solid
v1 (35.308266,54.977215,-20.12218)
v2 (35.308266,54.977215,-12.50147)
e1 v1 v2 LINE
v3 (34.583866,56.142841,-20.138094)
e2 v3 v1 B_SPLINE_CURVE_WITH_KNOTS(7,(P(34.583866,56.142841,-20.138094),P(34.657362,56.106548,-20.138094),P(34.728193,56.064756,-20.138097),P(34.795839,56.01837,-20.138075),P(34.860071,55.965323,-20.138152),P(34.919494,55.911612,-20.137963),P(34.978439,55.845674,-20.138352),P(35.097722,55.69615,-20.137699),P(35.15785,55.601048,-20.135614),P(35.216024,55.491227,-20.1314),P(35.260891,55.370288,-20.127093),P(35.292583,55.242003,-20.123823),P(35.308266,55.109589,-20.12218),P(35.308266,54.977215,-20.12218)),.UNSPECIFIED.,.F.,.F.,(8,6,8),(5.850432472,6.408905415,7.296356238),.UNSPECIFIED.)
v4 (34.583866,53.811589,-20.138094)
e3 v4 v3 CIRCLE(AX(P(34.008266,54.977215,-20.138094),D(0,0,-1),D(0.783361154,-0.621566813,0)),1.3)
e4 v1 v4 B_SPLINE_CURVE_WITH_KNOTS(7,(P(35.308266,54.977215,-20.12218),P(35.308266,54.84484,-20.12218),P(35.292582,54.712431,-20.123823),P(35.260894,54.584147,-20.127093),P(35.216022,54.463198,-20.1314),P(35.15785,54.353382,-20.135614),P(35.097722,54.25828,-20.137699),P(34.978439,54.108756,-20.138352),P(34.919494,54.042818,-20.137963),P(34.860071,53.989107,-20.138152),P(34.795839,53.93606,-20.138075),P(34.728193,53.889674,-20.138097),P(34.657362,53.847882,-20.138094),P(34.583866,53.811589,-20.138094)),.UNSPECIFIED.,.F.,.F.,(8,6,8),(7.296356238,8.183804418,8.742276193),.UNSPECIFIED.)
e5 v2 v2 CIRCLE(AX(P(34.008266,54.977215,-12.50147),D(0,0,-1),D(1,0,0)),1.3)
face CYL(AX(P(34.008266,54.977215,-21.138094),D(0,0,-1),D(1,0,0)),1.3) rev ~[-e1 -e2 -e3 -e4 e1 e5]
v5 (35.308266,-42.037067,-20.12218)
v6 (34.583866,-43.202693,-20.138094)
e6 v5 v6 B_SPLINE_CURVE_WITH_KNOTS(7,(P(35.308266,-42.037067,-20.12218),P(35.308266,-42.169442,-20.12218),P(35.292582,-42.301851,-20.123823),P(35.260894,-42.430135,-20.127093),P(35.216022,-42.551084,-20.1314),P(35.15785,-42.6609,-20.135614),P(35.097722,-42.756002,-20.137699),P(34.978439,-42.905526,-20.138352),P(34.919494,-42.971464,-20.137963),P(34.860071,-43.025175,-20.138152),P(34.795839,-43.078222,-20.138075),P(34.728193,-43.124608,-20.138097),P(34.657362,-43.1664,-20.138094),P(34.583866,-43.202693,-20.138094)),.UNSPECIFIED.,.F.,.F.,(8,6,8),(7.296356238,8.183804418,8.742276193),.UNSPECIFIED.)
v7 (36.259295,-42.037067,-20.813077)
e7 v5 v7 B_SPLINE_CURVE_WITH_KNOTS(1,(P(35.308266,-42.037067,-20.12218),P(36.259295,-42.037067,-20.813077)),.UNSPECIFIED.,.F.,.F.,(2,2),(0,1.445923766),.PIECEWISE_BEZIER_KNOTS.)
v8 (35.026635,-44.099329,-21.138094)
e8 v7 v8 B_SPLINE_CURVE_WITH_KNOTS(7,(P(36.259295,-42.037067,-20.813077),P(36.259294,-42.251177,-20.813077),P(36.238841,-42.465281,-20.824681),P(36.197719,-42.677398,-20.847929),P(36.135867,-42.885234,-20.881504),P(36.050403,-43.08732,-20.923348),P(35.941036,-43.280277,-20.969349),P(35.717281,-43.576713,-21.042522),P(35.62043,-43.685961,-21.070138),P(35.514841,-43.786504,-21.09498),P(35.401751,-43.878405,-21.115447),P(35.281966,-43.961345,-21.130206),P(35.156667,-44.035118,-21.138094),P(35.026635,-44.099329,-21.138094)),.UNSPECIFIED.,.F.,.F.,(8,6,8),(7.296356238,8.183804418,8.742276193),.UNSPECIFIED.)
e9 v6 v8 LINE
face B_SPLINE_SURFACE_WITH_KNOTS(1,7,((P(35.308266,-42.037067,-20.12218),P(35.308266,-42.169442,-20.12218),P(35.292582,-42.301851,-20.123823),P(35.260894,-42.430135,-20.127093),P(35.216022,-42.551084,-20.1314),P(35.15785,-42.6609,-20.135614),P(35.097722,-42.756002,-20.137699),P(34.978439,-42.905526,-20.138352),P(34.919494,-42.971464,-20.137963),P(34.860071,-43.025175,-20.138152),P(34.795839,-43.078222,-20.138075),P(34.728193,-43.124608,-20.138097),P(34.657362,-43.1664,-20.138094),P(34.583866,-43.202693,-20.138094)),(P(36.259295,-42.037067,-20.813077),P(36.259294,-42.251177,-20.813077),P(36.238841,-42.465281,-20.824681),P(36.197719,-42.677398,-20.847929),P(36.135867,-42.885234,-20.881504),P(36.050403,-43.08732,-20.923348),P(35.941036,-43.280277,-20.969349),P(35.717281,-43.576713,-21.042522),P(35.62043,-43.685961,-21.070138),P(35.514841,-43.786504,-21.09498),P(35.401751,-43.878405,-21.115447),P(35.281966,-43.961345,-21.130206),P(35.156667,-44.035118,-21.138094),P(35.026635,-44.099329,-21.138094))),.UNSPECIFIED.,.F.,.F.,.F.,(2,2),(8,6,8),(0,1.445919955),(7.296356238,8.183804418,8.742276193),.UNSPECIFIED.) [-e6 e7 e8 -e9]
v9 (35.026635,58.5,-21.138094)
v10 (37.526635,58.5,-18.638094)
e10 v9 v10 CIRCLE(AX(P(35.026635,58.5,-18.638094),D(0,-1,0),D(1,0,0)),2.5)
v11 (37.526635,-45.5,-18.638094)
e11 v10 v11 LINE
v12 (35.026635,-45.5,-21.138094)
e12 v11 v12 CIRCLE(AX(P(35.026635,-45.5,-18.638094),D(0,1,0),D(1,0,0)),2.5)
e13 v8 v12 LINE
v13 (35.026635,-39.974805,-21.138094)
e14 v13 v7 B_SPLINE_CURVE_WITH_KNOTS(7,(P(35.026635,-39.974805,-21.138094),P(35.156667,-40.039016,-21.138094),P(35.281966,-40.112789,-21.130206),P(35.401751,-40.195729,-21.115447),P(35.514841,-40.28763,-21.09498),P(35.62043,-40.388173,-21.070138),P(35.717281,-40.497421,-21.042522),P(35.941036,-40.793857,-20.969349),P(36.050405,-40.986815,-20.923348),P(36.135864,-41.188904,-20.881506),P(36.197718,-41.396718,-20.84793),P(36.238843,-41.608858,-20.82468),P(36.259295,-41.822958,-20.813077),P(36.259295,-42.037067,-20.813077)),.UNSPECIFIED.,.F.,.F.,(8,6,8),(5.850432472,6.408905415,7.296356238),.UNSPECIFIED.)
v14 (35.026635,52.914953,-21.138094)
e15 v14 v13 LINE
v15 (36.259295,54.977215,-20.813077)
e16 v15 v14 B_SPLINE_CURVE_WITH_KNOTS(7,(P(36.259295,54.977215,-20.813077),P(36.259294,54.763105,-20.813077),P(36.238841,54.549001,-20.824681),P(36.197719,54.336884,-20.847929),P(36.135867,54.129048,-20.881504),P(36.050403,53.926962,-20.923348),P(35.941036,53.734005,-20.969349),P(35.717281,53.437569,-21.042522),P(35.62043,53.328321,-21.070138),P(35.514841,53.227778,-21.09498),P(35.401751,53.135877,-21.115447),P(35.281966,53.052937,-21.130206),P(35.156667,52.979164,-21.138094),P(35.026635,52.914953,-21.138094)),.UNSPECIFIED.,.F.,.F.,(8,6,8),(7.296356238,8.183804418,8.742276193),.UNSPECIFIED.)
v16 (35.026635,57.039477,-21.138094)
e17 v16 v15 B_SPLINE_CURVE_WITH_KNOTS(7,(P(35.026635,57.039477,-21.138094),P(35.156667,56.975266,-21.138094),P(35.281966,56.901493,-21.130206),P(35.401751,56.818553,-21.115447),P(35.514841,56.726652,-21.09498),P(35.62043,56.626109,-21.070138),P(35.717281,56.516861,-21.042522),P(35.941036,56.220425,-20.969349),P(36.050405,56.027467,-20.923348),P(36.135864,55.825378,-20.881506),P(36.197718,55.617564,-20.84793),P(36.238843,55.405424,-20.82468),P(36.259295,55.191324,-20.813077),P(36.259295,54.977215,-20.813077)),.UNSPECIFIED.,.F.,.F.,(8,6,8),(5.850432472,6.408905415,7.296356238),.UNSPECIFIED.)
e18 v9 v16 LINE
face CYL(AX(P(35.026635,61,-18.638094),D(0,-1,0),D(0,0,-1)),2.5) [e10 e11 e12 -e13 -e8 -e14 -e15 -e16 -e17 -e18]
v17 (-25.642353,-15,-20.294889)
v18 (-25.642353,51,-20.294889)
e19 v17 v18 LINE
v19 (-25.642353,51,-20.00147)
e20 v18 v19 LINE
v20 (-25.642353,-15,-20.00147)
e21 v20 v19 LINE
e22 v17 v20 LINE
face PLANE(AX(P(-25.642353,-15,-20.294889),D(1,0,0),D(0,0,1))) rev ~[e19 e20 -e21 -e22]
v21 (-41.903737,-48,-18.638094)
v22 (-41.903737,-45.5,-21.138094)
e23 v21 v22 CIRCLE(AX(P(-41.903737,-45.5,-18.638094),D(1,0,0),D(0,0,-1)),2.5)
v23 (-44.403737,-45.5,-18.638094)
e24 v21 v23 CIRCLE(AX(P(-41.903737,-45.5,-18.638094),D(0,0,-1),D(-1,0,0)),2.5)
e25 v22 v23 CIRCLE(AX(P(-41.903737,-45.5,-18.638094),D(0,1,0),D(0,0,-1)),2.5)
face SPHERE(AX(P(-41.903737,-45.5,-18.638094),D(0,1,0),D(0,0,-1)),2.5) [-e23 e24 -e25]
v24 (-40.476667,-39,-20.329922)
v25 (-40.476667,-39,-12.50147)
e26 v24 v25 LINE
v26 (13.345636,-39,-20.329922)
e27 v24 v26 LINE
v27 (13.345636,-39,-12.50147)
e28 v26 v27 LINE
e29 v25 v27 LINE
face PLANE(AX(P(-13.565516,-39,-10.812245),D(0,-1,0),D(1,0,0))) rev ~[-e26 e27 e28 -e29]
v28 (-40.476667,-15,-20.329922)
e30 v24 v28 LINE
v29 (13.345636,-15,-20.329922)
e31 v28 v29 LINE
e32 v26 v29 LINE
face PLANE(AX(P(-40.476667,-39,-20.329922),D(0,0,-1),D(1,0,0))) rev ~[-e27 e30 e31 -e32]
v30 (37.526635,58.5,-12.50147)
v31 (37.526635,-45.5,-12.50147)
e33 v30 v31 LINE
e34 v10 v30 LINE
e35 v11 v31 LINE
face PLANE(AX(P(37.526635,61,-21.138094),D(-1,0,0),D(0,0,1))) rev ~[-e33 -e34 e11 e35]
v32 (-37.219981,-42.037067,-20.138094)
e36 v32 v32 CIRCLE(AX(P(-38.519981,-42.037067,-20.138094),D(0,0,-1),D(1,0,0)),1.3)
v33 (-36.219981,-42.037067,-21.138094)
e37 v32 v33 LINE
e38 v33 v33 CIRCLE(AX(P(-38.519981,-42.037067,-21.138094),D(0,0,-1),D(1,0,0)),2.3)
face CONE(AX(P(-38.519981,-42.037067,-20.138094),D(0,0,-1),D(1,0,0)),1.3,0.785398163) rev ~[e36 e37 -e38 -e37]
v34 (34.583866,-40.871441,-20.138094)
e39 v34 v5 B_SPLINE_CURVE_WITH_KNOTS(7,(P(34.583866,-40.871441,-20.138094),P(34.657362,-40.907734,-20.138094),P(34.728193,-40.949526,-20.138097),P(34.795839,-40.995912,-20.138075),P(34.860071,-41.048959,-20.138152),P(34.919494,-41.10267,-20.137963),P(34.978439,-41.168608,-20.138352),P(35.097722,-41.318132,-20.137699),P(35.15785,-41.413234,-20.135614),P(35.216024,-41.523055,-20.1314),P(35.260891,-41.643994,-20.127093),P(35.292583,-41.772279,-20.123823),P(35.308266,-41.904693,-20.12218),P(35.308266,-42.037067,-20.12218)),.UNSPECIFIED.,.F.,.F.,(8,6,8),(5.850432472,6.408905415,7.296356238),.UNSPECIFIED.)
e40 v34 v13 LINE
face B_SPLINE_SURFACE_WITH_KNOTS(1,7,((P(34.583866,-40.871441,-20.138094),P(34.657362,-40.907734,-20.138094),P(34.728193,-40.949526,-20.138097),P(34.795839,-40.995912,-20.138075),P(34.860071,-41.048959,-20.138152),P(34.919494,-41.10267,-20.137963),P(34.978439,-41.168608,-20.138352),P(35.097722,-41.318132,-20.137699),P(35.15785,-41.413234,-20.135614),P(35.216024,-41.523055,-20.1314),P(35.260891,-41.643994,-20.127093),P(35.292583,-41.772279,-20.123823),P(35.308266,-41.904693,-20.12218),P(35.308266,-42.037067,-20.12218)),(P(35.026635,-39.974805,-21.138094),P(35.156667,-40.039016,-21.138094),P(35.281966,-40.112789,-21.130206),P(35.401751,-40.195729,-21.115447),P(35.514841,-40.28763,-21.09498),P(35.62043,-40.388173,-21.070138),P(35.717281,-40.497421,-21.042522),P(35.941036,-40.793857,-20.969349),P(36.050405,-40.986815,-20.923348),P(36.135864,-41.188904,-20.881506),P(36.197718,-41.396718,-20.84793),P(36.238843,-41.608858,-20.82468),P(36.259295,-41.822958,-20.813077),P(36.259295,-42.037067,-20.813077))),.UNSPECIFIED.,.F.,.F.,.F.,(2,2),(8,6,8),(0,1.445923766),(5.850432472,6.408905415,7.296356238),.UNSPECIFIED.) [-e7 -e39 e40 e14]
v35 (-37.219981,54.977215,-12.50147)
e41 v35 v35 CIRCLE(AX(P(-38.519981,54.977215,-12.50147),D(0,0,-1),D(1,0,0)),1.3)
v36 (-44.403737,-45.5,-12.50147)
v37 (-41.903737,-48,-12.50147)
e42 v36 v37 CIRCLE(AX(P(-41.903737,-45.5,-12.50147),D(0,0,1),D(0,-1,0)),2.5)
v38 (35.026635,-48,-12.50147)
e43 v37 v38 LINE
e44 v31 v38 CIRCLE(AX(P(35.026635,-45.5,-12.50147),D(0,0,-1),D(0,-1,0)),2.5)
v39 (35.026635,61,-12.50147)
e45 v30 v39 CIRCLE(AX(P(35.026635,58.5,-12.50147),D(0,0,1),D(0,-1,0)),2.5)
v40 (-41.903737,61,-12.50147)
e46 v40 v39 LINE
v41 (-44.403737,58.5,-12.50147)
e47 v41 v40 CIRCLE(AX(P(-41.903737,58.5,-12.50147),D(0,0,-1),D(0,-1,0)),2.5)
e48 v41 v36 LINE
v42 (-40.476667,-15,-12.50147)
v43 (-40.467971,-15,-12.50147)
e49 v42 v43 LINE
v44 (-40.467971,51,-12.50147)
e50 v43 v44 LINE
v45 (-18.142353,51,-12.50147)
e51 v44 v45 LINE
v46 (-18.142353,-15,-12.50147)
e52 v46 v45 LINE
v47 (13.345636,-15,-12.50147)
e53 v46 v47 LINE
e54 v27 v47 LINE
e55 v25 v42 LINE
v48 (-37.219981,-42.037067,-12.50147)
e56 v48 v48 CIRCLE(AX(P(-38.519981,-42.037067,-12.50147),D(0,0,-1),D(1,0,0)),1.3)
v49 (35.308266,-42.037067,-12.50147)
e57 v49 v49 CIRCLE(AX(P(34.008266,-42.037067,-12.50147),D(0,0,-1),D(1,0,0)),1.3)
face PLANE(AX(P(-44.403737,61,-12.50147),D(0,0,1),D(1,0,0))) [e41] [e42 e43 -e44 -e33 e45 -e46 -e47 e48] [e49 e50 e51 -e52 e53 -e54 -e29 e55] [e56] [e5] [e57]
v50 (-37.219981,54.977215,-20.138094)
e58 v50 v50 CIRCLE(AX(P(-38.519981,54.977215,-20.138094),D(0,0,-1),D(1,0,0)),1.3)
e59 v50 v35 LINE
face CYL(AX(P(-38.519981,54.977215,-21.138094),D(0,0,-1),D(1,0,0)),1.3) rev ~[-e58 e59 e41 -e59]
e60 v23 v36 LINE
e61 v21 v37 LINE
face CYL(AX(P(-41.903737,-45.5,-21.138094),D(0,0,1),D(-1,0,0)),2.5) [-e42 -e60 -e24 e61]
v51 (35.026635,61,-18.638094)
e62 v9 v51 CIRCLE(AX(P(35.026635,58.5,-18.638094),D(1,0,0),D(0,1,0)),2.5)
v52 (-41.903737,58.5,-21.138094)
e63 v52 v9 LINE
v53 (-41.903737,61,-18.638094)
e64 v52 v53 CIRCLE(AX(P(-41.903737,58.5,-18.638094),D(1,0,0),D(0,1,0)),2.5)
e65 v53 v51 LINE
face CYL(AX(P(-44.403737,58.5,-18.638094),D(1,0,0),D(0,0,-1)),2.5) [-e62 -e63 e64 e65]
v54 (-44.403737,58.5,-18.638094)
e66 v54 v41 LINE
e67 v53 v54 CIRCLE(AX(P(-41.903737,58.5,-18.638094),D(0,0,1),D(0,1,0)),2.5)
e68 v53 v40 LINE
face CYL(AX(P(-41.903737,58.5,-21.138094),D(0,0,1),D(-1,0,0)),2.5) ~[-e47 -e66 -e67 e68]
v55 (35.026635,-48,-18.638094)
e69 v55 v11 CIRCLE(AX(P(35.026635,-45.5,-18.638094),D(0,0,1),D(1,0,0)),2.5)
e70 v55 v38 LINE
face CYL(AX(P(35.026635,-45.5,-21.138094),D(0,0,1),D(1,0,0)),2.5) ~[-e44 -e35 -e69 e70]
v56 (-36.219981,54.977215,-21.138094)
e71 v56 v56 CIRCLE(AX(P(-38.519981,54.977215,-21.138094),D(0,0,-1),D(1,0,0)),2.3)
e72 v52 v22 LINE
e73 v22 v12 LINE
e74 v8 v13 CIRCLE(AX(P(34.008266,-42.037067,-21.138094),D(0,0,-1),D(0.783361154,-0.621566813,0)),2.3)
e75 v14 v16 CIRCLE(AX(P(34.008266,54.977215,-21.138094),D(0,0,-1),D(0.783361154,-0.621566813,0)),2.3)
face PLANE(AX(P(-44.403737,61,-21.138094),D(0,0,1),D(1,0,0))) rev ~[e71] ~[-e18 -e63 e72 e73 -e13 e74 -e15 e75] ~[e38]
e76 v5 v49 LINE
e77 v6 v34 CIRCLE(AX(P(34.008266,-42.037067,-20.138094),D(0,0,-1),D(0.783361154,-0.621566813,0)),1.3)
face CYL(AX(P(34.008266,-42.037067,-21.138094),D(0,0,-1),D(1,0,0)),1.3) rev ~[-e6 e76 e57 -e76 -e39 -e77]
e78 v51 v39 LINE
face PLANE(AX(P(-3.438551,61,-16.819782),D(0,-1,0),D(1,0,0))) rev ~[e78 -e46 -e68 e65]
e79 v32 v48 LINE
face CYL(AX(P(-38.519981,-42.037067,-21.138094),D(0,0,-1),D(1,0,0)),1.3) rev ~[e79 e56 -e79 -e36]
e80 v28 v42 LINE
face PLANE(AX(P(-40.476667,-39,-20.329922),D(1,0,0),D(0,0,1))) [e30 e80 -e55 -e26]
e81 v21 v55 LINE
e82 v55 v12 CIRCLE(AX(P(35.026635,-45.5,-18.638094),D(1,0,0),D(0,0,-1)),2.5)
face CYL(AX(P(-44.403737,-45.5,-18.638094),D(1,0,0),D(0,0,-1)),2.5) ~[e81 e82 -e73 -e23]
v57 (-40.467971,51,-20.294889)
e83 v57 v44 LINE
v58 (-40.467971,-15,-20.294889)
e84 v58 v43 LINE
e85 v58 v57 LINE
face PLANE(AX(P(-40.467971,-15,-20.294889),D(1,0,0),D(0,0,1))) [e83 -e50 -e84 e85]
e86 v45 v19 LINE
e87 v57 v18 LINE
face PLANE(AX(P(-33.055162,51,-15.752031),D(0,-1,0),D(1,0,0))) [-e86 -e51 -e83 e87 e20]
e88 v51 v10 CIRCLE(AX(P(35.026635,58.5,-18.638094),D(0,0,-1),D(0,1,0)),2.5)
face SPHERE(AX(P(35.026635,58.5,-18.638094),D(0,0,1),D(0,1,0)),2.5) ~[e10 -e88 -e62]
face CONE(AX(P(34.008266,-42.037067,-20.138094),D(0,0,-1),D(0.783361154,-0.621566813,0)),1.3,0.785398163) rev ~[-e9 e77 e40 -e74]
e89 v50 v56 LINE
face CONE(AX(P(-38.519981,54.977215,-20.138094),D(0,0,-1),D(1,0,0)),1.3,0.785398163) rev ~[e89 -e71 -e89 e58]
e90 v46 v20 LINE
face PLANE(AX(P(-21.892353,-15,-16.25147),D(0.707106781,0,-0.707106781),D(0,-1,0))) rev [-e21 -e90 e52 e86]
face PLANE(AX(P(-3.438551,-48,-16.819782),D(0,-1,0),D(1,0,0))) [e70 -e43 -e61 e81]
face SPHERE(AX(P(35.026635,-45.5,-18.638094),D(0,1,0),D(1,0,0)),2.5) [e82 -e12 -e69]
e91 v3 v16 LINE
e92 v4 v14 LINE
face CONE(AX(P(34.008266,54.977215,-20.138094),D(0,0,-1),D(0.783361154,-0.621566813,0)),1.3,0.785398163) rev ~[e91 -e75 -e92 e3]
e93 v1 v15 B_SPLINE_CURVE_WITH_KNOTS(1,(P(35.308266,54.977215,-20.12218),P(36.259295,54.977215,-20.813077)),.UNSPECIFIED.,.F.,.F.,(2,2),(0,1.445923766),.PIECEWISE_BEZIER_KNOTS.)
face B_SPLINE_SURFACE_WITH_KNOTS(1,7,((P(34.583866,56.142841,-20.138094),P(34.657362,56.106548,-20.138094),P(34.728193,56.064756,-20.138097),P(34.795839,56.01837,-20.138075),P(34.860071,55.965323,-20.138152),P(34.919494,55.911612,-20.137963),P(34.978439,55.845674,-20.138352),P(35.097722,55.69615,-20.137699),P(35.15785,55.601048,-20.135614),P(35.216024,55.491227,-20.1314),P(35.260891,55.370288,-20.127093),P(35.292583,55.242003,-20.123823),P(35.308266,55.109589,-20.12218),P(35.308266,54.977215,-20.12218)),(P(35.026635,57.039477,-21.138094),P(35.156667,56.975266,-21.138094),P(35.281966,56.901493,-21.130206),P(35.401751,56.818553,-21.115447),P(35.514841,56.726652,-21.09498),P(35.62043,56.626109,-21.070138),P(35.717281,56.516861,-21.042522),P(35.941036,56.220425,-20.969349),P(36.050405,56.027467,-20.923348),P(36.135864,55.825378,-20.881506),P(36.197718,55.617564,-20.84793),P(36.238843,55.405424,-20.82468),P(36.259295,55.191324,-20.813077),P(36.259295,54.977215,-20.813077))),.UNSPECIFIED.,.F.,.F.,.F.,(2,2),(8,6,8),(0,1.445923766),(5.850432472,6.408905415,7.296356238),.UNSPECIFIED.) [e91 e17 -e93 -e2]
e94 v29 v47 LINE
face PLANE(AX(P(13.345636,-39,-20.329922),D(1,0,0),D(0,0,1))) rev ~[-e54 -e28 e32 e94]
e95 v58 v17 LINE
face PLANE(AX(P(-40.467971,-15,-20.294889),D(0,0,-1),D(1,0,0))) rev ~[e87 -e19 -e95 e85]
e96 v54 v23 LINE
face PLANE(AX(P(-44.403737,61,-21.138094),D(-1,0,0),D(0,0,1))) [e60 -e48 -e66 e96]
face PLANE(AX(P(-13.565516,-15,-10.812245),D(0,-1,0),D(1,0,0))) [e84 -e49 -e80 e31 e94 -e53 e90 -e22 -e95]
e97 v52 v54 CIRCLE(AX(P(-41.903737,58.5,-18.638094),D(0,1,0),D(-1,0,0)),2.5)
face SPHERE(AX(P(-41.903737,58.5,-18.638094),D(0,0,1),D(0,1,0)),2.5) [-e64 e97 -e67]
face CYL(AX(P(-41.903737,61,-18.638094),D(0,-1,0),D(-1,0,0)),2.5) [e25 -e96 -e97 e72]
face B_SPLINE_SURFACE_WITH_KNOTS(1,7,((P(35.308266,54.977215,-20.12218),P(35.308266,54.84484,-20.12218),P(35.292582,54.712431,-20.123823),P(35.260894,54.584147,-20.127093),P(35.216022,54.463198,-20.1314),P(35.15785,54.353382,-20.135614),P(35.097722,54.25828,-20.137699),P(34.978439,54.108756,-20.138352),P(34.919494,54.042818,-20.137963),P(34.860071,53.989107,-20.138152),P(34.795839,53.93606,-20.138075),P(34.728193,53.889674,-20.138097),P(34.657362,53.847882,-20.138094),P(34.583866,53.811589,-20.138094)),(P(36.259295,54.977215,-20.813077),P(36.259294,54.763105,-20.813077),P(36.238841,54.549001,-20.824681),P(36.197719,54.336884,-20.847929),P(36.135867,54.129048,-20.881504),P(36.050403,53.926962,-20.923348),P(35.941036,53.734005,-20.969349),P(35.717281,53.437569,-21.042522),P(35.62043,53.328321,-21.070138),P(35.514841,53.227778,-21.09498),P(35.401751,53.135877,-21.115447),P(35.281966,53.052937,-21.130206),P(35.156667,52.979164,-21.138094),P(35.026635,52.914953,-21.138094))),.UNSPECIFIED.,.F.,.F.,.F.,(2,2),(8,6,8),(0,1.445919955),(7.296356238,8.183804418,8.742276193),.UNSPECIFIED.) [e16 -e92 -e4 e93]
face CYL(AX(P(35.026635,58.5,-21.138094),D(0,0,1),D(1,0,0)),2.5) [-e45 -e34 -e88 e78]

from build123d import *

# Parameters (mm, degrees)
SKETCH060_W     = 81.930373
SKETCH060_H     = 8.636624
PAD014_DEPTH    = 109
FILLET032_R     = 2.5
SKETCH061_W     = 53.822303
SKETCH061_H     = 19.035354
POCKET028_DEPTH = 24
SKETCH062_W     = 14.825619
SKETCH062_H     = 9.085716
POCKET029_DEPTH = 66
CHAMFER015_SIZE = 7.5
SKETCH063_R     = 1.3
POCKET030_DEPTH = 8.637624
CHAMFER016_SIZE = 1


with BuildPart() as part:
    # Sketch060 → Pad014 (new body)
    with BuildSketch(Plane.XZ.offset(-61)):
        with Locations((-3.438551, -16.819782)):
            Rectangle(SKETCH060_W, SKETCH060_H)
    extrude(amount=PAD014_DEPTH)

    # Fillet032
    fillet032_edges = [part.edges().sort_by_distance(p)[0] for p in [
        (-44.403737, 61, -16.819782),
        (37.526636, 61, -16.819782),
        (-3.43855, 61, -21.138094),
        (-44.403737, 6.5, -21.138094),
        (37.526636, 6.5, -21.138094),
        (37.526636, -48, -16.819782),
        (-3.43855, -48, -21.138094),
        (-44.403737, -48, -16.819782),
    ]]
    fillet(fillet032_edges, radius=FILLET032_R)

    # Sketch061 → Pocket028 (cut)
    with BuildSketch(Plane.XZ.offset(39)):
        with Locations((-13.565516, -10.812245)):
            Rectangle(SKETCH061_W, SKETCH061_H)
    extrude(amount=-POCKET028_DEPTH, mode=Mode.SUBTRACT)

    # Sketch062 → Pocket029 (cut)
    with BuildSketch(Plane.XZ.offset(15)):
        with Locations((-33.055162, -15.752031)):
            Rectangle(SKETCH062_W, SKETCH062_H)
    extrude(amount=-POCKET029_DEPTH, mode=Mode.SUBTRACT)

    # Chamfer015
    chamfer015_edges = [part.edges().sort_by_distance(p)[0] for p in [
        (-25.642353, 18, -12.50147),
    ]]
    chamfer(chamfer015_edges, length=CHAMFER015_SIZE)

    # Sketch063 (on Face28 of Chamfer015) → Pocket030 (cut, through all)
    with BuildSketch(Plane(origin=(0, 0, -21.138094), x_dir=(1, 0, 0), z_dir=(0, 0, -1))):
        with Locations((-38.519981, 42.037067)):
            Circle(SKETCH063_R)
        with Locations((34.008266, 42.037067)):
            Circle(SKETCH063_R)
        with Locations((34.008266, -54.977215)):
            Circle(SKETCH063_R)
        with Locations((-38.519981, -54.977215)):
            Circle(SKETCH063_R)
    extrude(amount=-POCKET030_DEPTH, mode=Mode.SUBTRACT)

    # Chamfer016
    chamfer016_edges = [part.edges().sort_by_distance(p)[0] for p in [
        (32.708266, -42.037067, -21.138094),
        (32.708266, 54.977215, -21.138094),
        (-39.819981, 54.977215, -21.138094),
        (-39.819981, -42.037067, -21.138094),
    ]]
    chamfer(chamfer016_edges, length=CHAMFER016_SIZE)


solid = part.part
